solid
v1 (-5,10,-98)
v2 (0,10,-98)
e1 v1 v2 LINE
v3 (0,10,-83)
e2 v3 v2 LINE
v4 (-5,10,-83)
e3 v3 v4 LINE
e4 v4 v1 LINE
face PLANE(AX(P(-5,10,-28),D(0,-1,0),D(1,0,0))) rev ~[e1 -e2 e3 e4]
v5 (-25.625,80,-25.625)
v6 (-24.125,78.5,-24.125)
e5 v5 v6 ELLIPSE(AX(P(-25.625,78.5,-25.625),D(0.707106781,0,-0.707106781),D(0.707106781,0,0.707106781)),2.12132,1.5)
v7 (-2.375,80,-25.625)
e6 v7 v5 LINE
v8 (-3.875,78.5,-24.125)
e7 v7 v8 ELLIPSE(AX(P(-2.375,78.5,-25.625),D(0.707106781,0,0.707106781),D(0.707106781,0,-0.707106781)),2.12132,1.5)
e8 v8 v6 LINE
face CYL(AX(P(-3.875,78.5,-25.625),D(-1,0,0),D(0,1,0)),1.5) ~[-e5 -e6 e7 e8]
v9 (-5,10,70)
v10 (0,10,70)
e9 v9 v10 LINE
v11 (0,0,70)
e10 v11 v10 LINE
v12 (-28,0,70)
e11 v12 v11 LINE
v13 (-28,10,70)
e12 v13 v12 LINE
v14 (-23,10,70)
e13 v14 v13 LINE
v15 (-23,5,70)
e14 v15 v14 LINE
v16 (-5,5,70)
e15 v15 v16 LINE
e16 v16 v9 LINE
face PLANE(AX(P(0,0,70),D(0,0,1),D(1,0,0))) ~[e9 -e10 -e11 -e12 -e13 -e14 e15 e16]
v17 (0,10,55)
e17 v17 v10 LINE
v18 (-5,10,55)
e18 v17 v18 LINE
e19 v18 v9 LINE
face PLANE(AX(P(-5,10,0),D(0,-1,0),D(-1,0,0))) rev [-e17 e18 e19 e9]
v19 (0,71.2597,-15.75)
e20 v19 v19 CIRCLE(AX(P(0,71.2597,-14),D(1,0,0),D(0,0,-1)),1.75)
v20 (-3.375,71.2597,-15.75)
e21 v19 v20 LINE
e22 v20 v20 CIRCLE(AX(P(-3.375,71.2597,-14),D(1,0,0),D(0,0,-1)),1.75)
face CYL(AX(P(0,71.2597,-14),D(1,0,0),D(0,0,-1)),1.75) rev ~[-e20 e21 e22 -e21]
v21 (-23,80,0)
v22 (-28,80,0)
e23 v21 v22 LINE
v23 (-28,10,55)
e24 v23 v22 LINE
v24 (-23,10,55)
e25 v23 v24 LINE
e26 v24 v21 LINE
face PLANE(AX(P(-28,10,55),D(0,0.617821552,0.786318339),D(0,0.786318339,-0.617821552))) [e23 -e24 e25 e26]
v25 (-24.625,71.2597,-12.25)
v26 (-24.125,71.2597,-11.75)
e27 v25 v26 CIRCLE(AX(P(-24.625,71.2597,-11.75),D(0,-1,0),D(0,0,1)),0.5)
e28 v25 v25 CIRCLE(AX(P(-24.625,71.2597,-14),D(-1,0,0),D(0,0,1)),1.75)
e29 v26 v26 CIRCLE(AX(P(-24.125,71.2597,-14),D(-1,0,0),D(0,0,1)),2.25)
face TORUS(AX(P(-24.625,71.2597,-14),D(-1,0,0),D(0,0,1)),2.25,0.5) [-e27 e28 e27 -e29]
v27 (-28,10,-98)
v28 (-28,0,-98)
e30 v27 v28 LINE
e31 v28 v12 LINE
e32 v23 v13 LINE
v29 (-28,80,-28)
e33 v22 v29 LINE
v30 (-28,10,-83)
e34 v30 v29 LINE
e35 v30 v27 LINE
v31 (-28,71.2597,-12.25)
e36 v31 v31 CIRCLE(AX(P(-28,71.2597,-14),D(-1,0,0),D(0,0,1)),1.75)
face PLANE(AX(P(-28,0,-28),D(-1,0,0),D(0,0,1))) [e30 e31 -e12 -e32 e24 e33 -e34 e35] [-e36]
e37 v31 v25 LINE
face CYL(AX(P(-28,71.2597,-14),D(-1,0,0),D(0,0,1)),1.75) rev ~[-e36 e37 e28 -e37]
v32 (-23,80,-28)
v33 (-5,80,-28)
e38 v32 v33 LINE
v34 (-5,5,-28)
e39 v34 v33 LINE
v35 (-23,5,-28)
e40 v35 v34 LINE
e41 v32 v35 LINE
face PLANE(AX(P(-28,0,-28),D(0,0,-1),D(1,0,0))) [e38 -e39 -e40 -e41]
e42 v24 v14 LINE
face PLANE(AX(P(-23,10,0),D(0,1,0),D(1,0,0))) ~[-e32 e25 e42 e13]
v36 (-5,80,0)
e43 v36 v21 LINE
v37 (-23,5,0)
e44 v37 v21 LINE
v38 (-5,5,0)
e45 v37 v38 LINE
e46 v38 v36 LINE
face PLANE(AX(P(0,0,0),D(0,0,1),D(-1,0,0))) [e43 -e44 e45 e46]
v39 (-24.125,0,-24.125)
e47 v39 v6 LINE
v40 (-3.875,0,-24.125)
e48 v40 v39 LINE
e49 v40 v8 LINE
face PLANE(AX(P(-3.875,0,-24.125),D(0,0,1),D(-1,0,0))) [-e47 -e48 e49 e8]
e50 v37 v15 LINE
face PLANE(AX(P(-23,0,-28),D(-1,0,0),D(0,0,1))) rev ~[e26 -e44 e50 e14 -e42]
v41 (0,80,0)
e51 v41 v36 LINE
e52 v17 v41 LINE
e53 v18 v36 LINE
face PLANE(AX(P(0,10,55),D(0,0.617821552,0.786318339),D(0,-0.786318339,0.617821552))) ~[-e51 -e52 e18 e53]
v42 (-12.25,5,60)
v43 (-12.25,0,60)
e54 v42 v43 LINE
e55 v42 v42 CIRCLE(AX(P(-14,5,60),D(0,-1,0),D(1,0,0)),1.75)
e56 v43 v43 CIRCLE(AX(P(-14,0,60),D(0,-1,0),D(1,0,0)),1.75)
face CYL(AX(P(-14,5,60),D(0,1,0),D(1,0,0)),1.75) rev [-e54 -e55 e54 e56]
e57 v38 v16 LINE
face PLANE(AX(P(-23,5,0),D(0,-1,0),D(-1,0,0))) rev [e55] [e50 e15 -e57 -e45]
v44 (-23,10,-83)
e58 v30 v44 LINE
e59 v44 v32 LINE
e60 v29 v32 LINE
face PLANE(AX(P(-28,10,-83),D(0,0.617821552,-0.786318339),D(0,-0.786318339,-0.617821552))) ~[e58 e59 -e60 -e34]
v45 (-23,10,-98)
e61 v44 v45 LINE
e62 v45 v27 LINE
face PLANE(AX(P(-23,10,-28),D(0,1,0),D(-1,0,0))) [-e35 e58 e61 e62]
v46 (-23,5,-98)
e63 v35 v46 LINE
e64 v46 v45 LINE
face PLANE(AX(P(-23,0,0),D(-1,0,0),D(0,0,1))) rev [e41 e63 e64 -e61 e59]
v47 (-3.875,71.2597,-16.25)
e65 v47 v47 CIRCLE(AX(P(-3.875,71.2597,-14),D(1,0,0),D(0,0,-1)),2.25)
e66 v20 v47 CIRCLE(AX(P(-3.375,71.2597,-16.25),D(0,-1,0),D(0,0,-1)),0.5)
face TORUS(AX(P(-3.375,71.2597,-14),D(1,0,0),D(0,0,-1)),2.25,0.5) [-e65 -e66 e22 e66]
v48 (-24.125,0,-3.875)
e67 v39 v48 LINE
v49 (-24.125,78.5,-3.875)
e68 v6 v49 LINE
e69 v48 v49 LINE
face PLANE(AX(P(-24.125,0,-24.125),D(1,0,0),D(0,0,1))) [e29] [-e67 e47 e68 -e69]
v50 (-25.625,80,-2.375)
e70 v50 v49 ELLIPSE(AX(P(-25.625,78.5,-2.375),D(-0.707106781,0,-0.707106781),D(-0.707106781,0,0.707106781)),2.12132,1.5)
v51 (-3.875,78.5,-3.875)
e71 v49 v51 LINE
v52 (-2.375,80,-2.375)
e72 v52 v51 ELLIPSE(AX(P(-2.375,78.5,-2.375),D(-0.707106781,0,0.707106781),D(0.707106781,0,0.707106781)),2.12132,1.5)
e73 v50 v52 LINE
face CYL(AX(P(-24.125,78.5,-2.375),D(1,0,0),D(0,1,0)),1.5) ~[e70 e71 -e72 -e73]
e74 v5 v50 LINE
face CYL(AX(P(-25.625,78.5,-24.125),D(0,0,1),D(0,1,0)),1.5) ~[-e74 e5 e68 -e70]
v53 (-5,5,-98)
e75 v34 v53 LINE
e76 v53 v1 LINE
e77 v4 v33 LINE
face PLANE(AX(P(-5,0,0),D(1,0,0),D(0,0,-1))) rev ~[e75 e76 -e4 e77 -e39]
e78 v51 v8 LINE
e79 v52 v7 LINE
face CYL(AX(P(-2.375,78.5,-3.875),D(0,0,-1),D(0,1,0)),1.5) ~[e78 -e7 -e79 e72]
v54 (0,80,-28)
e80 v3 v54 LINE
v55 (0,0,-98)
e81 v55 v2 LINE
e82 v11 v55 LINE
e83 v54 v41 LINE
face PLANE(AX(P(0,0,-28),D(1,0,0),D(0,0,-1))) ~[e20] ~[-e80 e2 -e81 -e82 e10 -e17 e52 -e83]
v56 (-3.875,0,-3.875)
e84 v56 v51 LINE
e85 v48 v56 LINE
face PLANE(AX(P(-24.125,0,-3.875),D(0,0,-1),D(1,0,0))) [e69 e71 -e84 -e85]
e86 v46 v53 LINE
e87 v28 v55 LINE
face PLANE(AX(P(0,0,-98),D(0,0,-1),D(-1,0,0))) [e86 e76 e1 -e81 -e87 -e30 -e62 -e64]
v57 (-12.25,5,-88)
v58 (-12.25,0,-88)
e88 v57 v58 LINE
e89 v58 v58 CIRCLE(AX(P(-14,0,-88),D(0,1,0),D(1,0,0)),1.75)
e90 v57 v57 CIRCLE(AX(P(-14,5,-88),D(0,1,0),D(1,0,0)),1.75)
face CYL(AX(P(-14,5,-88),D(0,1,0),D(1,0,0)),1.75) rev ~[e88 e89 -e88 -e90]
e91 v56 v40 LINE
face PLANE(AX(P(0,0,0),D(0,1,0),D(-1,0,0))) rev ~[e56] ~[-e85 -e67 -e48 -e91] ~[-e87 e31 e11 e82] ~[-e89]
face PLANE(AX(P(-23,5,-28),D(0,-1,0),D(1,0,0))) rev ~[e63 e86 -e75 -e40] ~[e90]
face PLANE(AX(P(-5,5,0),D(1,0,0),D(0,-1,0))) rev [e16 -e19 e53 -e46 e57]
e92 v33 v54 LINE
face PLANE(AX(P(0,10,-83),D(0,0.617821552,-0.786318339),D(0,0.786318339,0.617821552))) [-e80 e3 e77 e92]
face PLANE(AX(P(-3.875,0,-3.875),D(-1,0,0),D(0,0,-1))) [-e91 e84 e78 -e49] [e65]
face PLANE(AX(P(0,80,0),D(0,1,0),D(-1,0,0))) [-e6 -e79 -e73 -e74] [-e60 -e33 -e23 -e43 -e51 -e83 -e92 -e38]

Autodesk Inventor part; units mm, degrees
ref_plane "YZ Plane" through (0, 0, 0) normal (1, 0, 0) x (0, 1, 0)
ref_plane "XZ Plane" through (0, 0, 0) normal (0, 1, 0) x (-1, 0, 0)
sketch "Sketch1" plane through (0, 0, 0) normal (0, 1, 0) x (-1, 0, 0)
  line L0 (0, 0) -> (28, 0)
  line L1 (28, 0) -> (28, -28)
  line L2 (28, -28) -> (0, -28)
  line L3 (0, -28) -> (0, 0)
  line L4 (24.125, -3.875) -> (3.875, -3.875)
  line L5 (3.875, -3.875) -> (3.875, -24.125)
  line L6 (3.875, -24.125) -> (24.125, -24.125)
  line L7 (24.125, -24.125) -> (24.125, -3.875)
  line L8 (24.125, -3.875) -> (3.875, -24.125) construction
  line L9 (3.875, -3.875) -> (24.125, -24.125) construction
  line L10 (0, 0) -> (28, -28) construction
  line L11 (28, 0) -> (0, -28) construction
  point P0 (14, -14)
  dimension "externo" = 28
  dimension "externo2" = 28
  dimension "interno" = 20.25
  dimension "interno2" = 20.25
extrude "principal" add sketch "Sketch1" along normal blind 80
sketch "Sketch2" plane through (-28, 80, -28) normal (-1, 0, 0) x (0, 0, 1)
  circle A0 centre (14, -8.7403) radius 1.75
  point P0 (28, -80)
  dimension "hueco_tornillo" = 3.5
extrude "hueco1" cut sketch "Sketch2" against normal blind 7.75
sketch "Sketch3" plane through (0, 80, 0) normal (1, 0, 0) x (0, 0, -1)
  circle A0 centre (14, -8.7403) radius 1.75 projected
  circle A1 centre (14, -8.7403) radius 1.75
  point P0 (0, -80)
  dimension "hueco_tornillo_2" = 3.5
extrude "hueco2" cut sketch "Sketch3" against normal blind 7.75
fillet "hueco_Fillet" radius 0.5 2 edges at (-3.875, 71.2597, -12.25) (-24.125, 71.2597, -15.75)
sketch "Sketch4" plane through (0, 0, -28) normal (0, 0, -1) x (-1, 0, 0)
  line L0 (28, 0) -> (0, 0) projected
  line L1 (0, 0) -> (28, 0)
  line L2 (28, 0) -> (28, 5)
  line L3 (28, 5) -> (0, 5)
  line L4 (0, 5) -> (0, 0)
  line L5 (0, 5) -> (5, 5)
  line L6 (5, 5) -> (5, 10)
  line L7 (5, 10) -> (0, 10)
  line L8 (0, 10) -> (0, 5)
  line L9 (28, 5) -> (23, 5)
  line L10 (23, 5) -> (23, 10)
  line L11 (23, 10) -> (28, 10)
  line L12 (28, 10) -> (28, 5)
  point P0 (23, 5)
  point P1 (5, 5)
  dimension "lateral_ancho" = 28
  dimension "lateral_espesor" = 5
  dimension "lateral_refuerzo_1_ancho" = 5
  dimension "lateral_refuerzo_1_alto" = 5
  dimension "lateral_refuerzo_2_ancho" = 5
  dimension "lateral_refuerzo_2_alto" = 5
extrude "lateral" add sketch "Sketch4" along normal blind 70
sketch "Sketch5" plane through (0, 0, 0) normal (1, 0, 0) x (0, 0, -1)
  line L0 (0, 80) -> (28, 80) projected
  line L1 (28, 10) -> (28, 80) projected
  line L2 (28, 80) -> (28, 10)
  line L3 (28, 10) -> (83, 10)
  line L4 (83, 10) -> (28, 80)
  point P0 (0, 0)
  dimension "refuerzo" = 55
extrude "escuadra" add sketch "Sketch5" against normal blind 5
ref_plane "Work Plane1" through (-14, 0, 0) normal (1, 0, 0) x (0, 0, -1)
mirror "escuadra_Mirror" about plane through (-14, 0, 0) normal (1, 0, 0) of "escuadra"
sketch "Sketch6" plane through (-23, 5, -28) normal (0, 1, 0) x (1, 0, 0)
  circle A0 centre (9, 60) radius 1.75
  line L0 (0, 70) -> (18, 70) projected
  point P0 (23, -28)
  dimension "hueco_tornillo_lateral" = 3.5
  dimension "hueco_lateral_sep" = 10
extrude "hueco_lateral" cut sketch "Sketch6" against normal blind 5
ref_plane "Work Plane2" through (-5, 5, -14) normal (0, 0, -1) x (-1, 0, 0)
mirror "lateral_mirror" about plane through (-5, 5, -14) normal (0, 0, -1) of "escuadra", "escuadra_Mirror", "lateral", "hueco_lateral"
fillet "entrada_Fillet" radius 1.5 4 edges at (-24.125, 80, -14) (-14, 80, -3.875) (-3.875, 80, -14) (-14, 80, -24.125)
equation "\"externo2\" = externo"
equation "\"interno2\" = interno"
equation "\"hueco_profundidad\" = externo - interno"
equation "\"hueco_tornillo_2\" = hueco_tornillo"
equation "\"hueco_profundidad_2\" = hueco_profundidad"
equation "\"lateral_ancho\" = externo"
equation "\"lateral_refuerzo_1_ancho\" = lateral_espesor"
equation "\"lateral_refuerzo_1_alto\" = lateral_espesor"
equation "\"lateral_refuerzo_2_ancho\" = lateral_espesor"
equation "\"lateral_refuerzo_2_alto\" = lateral_espesor"
equation "\"d23\" = lateral_espesor"
equation "\"hueco_tornillo_lateral\" = hueco_tornillo"
equation "\"d27\" = lateral_espesor"
properties part number "SoportePrincipal"
